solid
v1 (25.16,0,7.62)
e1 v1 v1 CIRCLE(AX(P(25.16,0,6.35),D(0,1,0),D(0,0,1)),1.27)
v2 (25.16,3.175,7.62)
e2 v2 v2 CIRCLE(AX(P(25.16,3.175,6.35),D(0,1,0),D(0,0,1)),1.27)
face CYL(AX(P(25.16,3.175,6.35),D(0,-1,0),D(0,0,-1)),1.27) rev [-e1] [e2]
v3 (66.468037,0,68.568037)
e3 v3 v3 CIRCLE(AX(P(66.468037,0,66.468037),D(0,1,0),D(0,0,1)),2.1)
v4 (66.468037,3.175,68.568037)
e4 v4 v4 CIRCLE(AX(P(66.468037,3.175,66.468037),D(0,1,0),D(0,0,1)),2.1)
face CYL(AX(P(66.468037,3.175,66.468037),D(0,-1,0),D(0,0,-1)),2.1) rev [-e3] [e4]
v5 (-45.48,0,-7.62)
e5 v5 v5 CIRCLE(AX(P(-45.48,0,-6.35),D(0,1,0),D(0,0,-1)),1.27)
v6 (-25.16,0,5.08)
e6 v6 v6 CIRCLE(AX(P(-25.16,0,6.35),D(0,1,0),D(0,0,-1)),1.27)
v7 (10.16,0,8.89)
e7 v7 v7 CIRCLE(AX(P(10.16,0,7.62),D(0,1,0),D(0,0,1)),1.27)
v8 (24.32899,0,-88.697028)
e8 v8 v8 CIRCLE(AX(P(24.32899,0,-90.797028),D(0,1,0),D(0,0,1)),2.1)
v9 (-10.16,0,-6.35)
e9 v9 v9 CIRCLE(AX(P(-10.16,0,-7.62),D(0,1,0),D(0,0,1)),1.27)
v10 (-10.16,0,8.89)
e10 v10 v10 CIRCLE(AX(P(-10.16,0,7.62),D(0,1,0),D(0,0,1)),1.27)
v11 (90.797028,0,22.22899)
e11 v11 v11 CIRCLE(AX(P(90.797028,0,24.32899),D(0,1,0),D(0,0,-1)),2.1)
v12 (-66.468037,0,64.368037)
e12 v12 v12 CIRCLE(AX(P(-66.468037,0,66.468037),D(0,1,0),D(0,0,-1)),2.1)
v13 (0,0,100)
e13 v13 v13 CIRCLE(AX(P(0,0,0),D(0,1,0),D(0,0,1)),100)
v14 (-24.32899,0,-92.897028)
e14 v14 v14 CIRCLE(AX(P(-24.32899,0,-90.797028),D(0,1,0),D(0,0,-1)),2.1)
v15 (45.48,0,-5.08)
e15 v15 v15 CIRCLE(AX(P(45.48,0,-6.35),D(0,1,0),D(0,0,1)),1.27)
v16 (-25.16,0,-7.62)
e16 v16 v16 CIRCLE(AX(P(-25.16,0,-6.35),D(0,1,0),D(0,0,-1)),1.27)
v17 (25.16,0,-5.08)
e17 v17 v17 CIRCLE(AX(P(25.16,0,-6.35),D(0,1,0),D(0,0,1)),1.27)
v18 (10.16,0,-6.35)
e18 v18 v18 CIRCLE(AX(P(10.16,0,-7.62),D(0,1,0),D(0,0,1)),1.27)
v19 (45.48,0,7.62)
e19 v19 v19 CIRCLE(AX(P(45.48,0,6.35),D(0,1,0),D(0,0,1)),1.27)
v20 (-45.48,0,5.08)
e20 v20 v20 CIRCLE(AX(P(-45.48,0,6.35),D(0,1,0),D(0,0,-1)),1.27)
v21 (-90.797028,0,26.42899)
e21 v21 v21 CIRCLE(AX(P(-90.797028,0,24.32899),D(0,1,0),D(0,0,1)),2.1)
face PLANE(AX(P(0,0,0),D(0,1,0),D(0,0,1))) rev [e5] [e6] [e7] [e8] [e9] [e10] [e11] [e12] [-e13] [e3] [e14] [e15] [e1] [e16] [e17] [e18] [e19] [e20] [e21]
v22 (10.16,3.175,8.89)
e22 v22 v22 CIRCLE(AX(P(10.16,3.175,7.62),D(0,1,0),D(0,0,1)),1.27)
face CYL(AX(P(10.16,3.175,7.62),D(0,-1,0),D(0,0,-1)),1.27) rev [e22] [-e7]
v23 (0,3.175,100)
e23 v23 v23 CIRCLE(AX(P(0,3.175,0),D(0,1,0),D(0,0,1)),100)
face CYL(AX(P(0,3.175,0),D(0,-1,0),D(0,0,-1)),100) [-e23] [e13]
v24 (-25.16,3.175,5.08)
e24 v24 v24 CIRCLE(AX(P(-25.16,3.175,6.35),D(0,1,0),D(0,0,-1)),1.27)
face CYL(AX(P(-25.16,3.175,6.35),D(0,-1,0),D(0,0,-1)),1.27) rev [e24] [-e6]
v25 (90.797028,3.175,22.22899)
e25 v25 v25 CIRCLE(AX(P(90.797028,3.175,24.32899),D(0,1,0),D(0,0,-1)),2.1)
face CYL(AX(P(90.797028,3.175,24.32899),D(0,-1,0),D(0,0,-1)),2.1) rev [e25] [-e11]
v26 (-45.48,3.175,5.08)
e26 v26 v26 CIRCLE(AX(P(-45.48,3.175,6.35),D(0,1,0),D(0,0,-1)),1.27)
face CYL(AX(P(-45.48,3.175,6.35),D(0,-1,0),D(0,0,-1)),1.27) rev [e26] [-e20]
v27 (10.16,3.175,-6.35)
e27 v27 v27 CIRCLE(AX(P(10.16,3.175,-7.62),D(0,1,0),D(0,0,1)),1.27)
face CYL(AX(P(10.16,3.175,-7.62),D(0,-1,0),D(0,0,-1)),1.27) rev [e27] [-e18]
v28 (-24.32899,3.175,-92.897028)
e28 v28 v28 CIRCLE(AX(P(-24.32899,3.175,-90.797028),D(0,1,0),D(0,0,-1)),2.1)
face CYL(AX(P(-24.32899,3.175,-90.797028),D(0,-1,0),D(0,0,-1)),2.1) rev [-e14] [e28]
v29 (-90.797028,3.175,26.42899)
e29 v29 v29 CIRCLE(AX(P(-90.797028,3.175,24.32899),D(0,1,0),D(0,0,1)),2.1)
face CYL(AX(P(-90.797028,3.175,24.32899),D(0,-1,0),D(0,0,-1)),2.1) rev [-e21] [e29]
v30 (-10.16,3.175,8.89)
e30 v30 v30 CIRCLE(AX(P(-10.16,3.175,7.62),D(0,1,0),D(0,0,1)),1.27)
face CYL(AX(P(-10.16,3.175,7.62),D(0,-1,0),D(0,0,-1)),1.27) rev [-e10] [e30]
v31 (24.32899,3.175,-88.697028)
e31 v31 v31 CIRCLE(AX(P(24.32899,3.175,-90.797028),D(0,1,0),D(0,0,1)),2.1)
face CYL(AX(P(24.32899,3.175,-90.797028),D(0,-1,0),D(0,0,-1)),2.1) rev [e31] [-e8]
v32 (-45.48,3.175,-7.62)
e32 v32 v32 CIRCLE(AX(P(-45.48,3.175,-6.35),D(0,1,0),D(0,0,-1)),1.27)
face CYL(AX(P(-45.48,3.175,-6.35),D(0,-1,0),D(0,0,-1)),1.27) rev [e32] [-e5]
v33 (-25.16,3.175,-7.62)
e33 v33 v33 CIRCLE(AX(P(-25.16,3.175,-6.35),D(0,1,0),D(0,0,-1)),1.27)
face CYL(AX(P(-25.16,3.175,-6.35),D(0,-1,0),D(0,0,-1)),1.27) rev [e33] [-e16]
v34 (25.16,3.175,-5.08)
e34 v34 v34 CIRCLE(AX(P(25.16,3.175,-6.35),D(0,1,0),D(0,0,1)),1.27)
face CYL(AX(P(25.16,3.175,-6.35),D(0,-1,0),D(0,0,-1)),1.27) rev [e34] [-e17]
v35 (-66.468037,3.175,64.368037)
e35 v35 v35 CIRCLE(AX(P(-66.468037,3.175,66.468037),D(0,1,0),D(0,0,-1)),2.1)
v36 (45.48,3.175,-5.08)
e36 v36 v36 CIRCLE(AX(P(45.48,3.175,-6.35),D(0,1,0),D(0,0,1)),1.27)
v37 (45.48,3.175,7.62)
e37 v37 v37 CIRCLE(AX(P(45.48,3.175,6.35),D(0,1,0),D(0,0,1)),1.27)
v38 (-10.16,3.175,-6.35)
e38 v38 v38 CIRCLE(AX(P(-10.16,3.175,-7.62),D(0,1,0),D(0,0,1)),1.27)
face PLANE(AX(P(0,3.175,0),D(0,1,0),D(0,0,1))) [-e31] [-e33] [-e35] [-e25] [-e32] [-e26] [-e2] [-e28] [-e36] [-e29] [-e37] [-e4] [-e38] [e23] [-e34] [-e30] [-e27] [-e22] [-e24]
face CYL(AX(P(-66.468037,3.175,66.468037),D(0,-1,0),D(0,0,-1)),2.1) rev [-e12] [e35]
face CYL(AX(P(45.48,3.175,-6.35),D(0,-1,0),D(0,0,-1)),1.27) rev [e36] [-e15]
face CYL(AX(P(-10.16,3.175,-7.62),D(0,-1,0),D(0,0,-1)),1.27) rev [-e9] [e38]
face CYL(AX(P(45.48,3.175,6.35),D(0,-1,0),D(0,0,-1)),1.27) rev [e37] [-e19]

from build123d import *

# Parameters (mm, degrees)
SKETCH1_R           = 100
SKETCH1_R_2         = 2.1
SKETCH1_R_3         = 1.27
BOSS_EXTRUDE1_DEPTH = 3.175


with BuildPart() as part:
    # Sketch1 → Boss-Extrude1 (new body)
    with BuildSketch(Plane(origin=(0, 0, 0), x_dir=(1, 0, 0), z_dir=(0, 1, 0))):
        with Locations(Location((0, 0, 0), (0, 0, 270))):
            Circle(SKETCH1_R)
        with Locations(Location((24.32899024, 90.797027671, 0), (0, 0, 270))):
            Circle(SKETCH1_R_2, mode=Mode.SUBTRACT)
        with Locations(Location((-24.32899024, 90.797027671, 0), (0, 0, 90))):
            Circle(SKETCH1_R_2, mode=Mode.SUBTRACT)
        with Locations(Location((90.797027671, -24.32899024, 0), (0, 0, 90))):
            Circle(SKETCH1_R_2, mode=Mode.SUBTRACT)
        with Locations(Location((66.468037432, -66.468037432, 0), (0, 0, 270))):
            Circle(SKETCH1_R_2, mode=Mode.SUBTRACT)
        with Locations(Location((-66.468037432, -66.468037432, 0), (0, 0, 90))):
            Circle(SKETCH1_R_2, mode=Mode.SUBTRACT)
        with Locations(Location((-90.797027671, -24.32899024, 0), (0, 0, 270))):
            Circle(SKETCH1_R_2, mode=Mode.SUBTRACT)
        with Locations(Location((-10.16, 7.62, 0), (0, 0, 270))):
            Circle(SKETCH1_R_3, mode=Mode.SUBTRACT)
        with Locations(Location((-10.16, -7.62, 0), (0, 0, 270))):
            Circle(SKETCH1_R_3, mode=Mode.SUBTRACT)
        with Locations(Location((10.16, -7.62, 0), (0, 0, 270))):
            Circle(SKETCH1_R_3, mode=Mode.SUBTRACT)
        with Locations(Location((10.16, 7.62, 0), (0, 0, 270))):
            Circle(SKETCH1_R_3, mode=Mode.SUBTRACT)
        with Locations(Location((25.16, 6.35, 0), (0, 0, 270))):
            Circle(SKETCH1_R_3, mode=Mode.SUBTRACT)
        with Locations(Location((25.16, -6.35, 0), (0, 0, 270))):
            Circle(SKETCH1_R_3, mode=Mode.SUBTRACT)
        with Locations(Location((45.48, -6.35, 0), (0, 0, 270))):
            Circle(SKETCH1_R_3, mode=Mode.SUBTRACT)
        with Locations(Location((45.48, 6.35, 0), (0, 0, 270))):
            Circle(SKETCH1_R_3, mode=Mode.SUBTRACT)
        with Locations(Location((-45.48, 6.35, 0), (0, 0, 90))):
            Circle(SKETCH1_R_3, mode=Mode.SUBTRACT)
        with Locations(Location((-45.48, -6.35, 0), (0, 0, 90))):
            Circle(SKETCH1_R_3, mode=Mode.SUBTRACT)
        with Locations(Location((-25.16, -6.35, 0), (0, 0, 90))):
            Circle(SKETCH1_R_3, mode=Mode.SUBTRACT)
        with Locations(Location((-25.16, 6.35, 0), (0, 0, 90))):
            Circle(SKETCH1_R_3, mode=Mode.SUBTRACT)
    extrude(amount=BOSS_EXTRUDE1_DEPTH)


solid = part.part
